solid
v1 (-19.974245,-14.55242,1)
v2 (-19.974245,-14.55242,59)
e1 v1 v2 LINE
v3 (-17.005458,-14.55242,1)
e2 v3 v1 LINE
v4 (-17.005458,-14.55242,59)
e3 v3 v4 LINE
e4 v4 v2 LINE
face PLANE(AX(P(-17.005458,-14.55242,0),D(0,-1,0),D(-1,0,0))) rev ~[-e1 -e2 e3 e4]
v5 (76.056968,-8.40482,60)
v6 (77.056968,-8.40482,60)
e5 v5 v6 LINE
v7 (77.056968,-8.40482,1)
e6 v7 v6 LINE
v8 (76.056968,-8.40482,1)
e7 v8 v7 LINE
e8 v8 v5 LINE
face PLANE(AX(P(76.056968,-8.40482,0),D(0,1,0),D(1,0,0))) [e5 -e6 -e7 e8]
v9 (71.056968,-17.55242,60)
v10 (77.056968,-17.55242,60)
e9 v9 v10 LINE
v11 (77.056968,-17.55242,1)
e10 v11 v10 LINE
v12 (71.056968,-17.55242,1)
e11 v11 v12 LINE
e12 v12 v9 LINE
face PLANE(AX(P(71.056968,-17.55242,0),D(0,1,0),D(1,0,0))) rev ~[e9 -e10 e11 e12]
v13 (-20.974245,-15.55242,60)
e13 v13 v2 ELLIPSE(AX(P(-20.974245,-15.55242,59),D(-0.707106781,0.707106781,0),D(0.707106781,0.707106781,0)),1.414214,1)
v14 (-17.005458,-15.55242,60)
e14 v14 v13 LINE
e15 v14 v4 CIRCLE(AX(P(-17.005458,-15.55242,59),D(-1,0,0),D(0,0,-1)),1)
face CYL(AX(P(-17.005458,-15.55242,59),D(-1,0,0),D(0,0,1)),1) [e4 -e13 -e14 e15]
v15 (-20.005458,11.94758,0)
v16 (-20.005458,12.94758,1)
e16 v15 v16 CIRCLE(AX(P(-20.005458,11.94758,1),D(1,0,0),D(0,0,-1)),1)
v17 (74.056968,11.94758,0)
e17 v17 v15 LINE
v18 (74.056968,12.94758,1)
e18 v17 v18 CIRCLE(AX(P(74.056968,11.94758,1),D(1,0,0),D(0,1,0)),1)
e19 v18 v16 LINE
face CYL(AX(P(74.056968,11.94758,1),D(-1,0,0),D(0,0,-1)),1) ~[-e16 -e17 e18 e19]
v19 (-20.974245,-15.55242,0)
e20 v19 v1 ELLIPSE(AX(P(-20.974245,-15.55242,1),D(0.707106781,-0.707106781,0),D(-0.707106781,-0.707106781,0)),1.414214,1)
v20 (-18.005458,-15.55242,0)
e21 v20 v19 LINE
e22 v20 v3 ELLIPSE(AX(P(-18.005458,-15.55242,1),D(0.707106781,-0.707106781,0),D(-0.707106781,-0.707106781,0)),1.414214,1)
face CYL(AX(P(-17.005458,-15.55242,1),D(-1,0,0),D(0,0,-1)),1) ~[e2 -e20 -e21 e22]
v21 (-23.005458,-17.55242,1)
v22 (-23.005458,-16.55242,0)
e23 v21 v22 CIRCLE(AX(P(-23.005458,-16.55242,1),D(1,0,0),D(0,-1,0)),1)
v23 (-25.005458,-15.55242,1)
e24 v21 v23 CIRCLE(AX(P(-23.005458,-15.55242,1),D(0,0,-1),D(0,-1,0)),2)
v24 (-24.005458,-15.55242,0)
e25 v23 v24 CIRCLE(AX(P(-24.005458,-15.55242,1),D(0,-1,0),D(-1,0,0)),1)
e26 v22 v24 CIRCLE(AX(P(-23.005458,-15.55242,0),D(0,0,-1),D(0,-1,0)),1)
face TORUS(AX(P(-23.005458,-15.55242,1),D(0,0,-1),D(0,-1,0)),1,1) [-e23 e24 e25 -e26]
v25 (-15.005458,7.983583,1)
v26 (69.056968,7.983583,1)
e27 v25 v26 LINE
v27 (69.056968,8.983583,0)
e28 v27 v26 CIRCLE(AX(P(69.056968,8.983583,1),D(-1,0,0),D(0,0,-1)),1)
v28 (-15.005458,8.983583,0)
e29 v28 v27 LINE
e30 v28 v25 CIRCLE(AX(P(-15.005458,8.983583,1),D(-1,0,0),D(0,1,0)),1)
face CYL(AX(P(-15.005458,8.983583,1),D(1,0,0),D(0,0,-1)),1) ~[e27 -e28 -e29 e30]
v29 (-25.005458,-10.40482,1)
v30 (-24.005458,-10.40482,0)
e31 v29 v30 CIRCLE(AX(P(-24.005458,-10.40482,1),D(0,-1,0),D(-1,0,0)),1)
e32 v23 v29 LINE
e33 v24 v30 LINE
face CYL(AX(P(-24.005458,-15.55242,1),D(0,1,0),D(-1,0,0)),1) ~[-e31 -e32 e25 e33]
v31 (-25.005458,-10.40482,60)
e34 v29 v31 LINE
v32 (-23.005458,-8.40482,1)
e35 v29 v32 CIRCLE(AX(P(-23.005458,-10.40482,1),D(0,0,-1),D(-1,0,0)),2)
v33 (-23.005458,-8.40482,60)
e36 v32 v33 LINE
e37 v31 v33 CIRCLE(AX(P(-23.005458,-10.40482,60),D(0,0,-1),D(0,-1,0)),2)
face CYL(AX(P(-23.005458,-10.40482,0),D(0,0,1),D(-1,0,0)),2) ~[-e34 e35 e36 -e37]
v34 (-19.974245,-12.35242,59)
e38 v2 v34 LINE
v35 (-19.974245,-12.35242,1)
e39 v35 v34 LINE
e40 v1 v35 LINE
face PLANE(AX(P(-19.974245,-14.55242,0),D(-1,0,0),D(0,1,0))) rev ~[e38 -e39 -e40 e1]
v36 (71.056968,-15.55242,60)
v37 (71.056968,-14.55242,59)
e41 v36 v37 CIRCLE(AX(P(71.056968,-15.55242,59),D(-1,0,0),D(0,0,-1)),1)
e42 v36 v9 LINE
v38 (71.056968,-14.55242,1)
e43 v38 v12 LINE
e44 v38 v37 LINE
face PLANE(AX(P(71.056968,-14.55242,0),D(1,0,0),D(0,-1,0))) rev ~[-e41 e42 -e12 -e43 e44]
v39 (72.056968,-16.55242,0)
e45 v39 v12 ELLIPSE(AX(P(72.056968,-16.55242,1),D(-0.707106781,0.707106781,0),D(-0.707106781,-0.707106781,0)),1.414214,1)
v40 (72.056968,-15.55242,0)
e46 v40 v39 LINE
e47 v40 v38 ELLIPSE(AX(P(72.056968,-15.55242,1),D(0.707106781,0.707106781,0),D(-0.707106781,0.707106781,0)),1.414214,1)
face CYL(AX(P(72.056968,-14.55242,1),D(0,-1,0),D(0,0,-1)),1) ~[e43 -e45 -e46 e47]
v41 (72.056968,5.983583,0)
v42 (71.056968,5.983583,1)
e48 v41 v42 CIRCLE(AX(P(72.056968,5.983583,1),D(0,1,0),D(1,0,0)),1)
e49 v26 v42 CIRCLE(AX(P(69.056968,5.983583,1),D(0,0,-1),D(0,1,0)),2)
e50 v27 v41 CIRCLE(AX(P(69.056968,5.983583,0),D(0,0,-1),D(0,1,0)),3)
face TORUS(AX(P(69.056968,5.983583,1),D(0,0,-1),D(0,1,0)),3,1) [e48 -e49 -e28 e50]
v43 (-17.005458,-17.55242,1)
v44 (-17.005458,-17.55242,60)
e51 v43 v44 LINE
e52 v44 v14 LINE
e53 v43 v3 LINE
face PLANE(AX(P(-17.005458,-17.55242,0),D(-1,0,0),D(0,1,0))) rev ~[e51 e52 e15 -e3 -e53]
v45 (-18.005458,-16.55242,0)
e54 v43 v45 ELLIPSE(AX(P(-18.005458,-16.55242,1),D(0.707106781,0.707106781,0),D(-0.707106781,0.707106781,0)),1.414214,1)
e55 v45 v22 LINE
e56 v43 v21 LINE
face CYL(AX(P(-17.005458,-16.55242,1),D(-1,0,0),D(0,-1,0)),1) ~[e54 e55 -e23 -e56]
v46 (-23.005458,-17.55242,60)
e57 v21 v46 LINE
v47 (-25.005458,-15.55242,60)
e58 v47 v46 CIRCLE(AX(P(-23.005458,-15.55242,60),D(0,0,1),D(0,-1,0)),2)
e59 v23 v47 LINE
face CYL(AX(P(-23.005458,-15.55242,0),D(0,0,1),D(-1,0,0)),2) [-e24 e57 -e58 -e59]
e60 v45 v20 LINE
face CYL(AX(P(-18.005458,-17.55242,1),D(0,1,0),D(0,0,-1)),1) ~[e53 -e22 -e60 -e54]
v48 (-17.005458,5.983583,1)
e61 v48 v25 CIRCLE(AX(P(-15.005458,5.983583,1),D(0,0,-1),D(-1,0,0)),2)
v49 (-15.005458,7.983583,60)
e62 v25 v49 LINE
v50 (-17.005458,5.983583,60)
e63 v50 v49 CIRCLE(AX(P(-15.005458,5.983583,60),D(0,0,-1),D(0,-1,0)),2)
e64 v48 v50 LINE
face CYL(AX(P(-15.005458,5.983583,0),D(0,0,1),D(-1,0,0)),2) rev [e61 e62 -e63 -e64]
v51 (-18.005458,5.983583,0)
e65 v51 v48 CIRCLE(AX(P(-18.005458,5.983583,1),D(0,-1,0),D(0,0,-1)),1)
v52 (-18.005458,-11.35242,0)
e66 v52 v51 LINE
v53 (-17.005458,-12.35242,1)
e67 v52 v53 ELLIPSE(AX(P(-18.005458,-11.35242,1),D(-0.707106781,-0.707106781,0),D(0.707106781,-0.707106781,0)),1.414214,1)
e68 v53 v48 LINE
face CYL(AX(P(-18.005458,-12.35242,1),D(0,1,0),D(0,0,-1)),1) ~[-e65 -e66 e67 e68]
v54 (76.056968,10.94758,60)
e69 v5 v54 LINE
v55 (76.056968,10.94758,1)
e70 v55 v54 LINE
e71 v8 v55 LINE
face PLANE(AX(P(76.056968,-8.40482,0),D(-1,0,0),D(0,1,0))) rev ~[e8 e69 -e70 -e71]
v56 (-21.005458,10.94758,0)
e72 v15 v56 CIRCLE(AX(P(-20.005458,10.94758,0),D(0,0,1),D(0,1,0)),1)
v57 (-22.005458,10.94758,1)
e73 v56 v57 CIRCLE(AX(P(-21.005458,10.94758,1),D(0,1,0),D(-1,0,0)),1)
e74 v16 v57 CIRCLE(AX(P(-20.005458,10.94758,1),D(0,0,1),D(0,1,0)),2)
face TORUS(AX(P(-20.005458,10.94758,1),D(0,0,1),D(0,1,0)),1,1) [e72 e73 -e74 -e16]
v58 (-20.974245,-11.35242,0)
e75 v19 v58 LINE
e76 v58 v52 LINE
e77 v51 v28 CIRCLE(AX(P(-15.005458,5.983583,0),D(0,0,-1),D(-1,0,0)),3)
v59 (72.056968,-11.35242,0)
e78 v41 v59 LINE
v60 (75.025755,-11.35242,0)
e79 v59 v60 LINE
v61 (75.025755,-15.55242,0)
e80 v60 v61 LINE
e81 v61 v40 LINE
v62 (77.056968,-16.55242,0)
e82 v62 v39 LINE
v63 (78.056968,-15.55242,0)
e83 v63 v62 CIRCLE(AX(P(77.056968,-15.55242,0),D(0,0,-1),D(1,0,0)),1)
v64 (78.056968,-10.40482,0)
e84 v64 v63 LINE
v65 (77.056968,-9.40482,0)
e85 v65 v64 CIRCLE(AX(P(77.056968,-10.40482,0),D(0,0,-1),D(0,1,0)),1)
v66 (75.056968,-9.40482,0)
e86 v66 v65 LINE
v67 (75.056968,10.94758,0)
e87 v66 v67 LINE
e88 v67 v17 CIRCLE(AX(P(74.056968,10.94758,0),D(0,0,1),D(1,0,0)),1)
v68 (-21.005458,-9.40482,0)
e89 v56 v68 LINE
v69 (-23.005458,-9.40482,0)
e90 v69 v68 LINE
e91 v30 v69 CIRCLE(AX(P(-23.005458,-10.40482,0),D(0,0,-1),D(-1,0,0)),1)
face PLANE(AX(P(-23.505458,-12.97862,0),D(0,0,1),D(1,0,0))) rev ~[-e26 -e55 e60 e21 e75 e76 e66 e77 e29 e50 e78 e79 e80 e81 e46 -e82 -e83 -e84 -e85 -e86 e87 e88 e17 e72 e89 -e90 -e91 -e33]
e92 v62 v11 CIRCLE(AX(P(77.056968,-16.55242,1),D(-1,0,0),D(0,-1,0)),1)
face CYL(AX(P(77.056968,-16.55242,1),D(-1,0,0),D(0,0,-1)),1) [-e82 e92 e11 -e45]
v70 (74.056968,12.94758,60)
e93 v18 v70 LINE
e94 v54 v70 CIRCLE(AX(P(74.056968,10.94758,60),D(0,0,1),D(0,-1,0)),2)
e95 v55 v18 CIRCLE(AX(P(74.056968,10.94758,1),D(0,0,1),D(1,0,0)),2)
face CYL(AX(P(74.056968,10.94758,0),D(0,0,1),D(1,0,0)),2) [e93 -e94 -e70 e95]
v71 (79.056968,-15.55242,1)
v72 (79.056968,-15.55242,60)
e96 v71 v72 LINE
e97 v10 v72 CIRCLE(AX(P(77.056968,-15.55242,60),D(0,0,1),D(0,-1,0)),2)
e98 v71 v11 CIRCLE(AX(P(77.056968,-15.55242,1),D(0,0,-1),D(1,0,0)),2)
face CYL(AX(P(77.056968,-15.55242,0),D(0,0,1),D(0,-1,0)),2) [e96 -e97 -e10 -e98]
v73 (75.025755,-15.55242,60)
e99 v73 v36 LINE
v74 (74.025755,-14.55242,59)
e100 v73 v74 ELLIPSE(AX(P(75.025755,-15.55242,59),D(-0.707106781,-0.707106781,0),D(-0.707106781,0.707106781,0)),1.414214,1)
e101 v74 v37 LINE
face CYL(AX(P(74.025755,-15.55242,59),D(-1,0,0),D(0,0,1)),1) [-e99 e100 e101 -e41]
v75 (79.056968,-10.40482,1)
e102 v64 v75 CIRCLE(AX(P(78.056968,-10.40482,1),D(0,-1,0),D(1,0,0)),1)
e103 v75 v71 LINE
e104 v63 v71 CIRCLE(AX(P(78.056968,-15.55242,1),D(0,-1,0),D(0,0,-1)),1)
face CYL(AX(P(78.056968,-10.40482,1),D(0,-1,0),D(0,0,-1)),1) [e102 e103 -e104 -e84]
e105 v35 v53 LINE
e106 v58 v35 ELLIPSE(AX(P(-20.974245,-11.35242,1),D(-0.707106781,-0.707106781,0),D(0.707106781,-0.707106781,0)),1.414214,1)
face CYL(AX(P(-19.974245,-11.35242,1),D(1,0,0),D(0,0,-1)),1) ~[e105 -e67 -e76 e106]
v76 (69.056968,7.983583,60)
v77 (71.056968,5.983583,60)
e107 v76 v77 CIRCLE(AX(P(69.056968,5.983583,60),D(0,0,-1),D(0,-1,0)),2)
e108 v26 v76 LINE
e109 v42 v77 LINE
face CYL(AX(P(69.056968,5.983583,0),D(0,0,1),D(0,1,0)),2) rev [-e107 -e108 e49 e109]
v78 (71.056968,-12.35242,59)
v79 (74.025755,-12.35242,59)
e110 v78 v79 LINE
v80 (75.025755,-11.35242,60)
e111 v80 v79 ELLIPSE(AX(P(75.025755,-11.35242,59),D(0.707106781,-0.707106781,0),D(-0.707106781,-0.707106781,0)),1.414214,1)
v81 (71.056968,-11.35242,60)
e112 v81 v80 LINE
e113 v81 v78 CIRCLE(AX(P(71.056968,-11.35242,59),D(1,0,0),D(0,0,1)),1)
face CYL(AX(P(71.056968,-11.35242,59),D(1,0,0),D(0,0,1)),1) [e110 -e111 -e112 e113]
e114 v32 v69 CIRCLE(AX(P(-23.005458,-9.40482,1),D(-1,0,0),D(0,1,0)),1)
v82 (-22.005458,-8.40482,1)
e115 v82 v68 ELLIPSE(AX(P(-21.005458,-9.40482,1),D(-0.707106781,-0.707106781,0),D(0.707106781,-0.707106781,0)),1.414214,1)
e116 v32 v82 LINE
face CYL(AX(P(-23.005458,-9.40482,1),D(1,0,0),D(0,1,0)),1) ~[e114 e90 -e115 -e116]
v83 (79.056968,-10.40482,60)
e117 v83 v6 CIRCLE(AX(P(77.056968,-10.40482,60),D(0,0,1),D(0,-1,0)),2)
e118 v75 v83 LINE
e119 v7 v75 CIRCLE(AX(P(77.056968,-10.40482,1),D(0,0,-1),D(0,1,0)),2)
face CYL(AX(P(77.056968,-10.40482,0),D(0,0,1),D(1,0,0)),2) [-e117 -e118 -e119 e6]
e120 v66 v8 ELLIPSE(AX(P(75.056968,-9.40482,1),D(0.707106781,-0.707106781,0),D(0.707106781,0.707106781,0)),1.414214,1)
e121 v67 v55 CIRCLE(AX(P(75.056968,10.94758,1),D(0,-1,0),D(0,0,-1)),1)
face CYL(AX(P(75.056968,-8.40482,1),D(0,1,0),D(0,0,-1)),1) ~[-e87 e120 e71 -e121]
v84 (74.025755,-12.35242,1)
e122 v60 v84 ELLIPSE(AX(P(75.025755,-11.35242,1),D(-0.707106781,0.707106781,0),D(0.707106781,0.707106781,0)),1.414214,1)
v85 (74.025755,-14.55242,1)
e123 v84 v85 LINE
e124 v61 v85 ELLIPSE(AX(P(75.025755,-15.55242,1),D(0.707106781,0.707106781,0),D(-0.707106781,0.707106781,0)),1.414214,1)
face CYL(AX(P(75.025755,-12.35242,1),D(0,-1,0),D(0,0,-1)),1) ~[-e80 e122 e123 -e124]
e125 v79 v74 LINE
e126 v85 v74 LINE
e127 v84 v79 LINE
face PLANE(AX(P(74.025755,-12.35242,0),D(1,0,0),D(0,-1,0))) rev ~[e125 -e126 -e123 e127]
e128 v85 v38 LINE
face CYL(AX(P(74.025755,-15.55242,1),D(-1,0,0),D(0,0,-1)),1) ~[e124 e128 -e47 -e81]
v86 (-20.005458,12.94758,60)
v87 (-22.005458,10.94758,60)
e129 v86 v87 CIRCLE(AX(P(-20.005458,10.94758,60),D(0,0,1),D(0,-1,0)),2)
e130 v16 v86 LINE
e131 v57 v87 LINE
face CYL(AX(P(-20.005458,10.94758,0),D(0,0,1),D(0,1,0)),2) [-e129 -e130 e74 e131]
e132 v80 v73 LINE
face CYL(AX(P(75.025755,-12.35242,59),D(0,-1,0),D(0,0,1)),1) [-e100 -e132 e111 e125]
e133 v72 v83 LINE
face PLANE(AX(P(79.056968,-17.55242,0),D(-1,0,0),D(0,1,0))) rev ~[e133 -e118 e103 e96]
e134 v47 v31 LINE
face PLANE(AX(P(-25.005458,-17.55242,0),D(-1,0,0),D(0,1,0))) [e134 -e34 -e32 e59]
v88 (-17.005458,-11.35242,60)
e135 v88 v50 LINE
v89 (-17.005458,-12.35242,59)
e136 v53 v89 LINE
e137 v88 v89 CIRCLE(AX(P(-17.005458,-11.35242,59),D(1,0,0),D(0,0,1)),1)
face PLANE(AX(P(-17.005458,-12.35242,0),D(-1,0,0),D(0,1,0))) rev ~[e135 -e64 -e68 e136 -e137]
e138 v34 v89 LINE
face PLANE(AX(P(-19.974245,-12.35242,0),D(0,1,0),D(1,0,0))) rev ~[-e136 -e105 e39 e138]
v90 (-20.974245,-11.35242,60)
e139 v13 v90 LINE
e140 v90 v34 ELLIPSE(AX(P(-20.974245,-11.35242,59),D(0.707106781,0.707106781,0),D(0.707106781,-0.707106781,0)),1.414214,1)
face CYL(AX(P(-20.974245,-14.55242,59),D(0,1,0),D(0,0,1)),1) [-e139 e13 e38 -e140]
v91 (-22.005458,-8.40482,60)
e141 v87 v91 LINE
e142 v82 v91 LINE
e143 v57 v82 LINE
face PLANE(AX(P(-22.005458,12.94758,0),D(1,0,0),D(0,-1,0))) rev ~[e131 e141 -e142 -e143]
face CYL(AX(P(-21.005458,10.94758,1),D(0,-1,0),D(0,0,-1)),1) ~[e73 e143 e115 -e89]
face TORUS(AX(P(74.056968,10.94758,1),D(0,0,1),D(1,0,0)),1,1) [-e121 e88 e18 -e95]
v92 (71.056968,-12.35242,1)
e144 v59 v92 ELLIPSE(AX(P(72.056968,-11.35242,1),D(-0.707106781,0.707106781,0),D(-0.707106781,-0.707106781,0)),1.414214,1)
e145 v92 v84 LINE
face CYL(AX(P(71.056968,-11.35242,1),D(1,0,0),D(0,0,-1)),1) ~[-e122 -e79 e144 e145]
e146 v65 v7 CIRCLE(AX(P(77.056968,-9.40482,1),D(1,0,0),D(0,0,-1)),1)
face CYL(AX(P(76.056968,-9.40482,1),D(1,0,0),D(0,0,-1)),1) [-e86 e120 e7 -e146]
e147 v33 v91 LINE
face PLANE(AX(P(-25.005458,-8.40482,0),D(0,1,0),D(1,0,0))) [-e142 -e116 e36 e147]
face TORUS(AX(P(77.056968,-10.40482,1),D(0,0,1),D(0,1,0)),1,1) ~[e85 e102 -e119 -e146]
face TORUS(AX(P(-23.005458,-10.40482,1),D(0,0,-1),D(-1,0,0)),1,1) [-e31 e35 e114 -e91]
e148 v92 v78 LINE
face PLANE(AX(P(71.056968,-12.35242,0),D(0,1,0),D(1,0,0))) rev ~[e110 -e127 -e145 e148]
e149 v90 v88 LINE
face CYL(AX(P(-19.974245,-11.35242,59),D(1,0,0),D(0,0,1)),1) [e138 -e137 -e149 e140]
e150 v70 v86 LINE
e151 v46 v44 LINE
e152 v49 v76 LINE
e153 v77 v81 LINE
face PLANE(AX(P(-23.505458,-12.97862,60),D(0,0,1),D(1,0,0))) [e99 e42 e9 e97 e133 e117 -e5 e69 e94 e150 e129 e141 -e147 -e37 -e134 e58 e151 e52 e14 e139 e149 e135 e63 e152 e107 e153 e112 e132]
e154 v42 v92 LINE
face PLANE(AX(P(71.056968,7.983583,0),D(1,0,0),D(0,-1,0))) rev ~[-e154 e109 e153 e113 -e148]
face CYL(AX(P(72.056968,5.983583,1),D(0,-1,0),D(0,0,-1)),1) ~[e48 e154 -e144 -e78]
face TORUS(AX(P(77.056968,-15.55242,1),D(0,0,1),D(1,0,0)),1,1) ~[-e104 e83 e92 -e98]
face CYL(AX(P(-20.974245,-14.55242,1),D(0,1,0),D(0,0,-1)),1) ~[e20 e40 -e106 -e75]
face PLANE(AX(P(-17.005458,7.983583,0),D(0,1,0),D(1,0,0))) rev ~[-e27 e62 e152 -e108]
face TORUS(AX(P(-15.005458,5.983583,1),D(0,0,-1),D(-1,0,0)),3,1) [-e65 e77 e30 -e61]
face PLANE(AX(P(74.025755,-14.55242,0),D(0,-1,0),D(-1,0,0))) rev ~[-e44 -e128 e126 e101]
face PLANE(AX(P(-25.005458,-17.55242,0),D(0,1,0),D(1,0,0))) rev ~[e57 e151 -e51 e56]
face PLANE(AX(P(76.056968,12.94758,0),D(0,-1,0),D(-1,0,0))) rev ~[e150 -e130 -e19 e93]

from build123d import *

# Parameters (mm, degrees)
F0_W     = 3
F0_H     = 9.1476
F1_DEPTH = 60
F2_R     = 2
F3_R     = 1


with BuildPart() as f1:
    # F0 (on Top) → F1 (new body)
    with BuildSketch(Plane.XY):
        with Locations((-23.505458, -12.97862)):
            Rectangle(F0_W, F0_H)
        Polygon((76.056968, 12.94758), (-22.005458, 12.94758), (-22.005458, -8.40482), (-22.005458, -17.55242), (-17.005458, -17.55242), (-17.005458, -14.55242), (-19.974245, -14.55242), (-19.974245, -12.35242), (-17.005458, -12.35242), (-17.005458, 7.983583), (71.056968, 7.983583), (71.056968, -12.35242), (74.025755, -12.35242), (74.025755, -14.55242), (71.056968, -14.55242), (71.056968, -17.55242), (76.056968, -17.55242), (76.056968, -8.40482), align=None)
        with Locations((77.556968, -12.97862)):
            Rectangle(F0_W, F0_H)
    extrude(amount=F1_DEPTH)

    # F2
    f2_edges = [f1.edges().sort_by_distance(p)[0] for p in [
        (-22.005458, 12.94758, 30),
        (76.056968, 12.94758, 30),
        (-25.005458, -8.40482, 30),
        (-25.005458, -17.55242, 30),
        (79.056968, -8.40482, 30),
        (79.056968, -17.55242, 30),
        (-17.005458, 7.983583, 30),
        (71.056968, 7.983583, 30),
    ]]
    fillet(f2_edges, radius=F2_R)

    # F3
    f3_edges = [f1.edges().sort_by_distance(p)[0] for p in [
        (-18.489851, -14.55242, 0),
        (-18.489851, -12.35242, 0),
        (-19.974245, -13.45242, 0),
        (-18.489851, -12.35242, 60),
        (-19.974245, -13.45242, 60),
        (-18.489851, -14.55242, 60),
        (72.541362, -14.55242, 0),
        (-25.005458, -12.97862, 0),
        (-24.419671, -8.990607, 0),
        (-24.419671, -16.966634, 0),
        (-22.505458, -8.40482, 0),
        (-20.005458, -17.55242, 0),
        (-22.005458, 1.27138, 0),
        (-17.005458, -16.05242, 0),
        (-21.419671, 12.361793, 0),
        (27.025755, 12.94758, 0),
        (75.471182, 12.361793, 0),
        (76.056968, 1.27138, 0),
        (-17.005458, -3.184419, 0),
        (76.556968, -8.40482, 0),
        (-16.419671, 7.397797, 0),
        (78.471182, -8.990607, 0),
        (27.025755, 7.983583, 0),
        (79.056968, -12.97862, 0),
        (70.471182, 7.397797, 0),
        (78.471182, -16.966634, 0),
        (71.056968, -3.184419, 0),
        (74.056968, -17.55242, 0),
        (72.541362, -12.35242, 0),
        (71.056968, -16.05242, 0),
        (74.025755, -13.45242, 0),
        (72.541362, -14.55242, 60),
        (74.025755, -13.45242, 60),
        (72.541362, -12.35242, 60),
    ]]
    fillet(f3_edges, radius=F3_R)


solid = f1.part
